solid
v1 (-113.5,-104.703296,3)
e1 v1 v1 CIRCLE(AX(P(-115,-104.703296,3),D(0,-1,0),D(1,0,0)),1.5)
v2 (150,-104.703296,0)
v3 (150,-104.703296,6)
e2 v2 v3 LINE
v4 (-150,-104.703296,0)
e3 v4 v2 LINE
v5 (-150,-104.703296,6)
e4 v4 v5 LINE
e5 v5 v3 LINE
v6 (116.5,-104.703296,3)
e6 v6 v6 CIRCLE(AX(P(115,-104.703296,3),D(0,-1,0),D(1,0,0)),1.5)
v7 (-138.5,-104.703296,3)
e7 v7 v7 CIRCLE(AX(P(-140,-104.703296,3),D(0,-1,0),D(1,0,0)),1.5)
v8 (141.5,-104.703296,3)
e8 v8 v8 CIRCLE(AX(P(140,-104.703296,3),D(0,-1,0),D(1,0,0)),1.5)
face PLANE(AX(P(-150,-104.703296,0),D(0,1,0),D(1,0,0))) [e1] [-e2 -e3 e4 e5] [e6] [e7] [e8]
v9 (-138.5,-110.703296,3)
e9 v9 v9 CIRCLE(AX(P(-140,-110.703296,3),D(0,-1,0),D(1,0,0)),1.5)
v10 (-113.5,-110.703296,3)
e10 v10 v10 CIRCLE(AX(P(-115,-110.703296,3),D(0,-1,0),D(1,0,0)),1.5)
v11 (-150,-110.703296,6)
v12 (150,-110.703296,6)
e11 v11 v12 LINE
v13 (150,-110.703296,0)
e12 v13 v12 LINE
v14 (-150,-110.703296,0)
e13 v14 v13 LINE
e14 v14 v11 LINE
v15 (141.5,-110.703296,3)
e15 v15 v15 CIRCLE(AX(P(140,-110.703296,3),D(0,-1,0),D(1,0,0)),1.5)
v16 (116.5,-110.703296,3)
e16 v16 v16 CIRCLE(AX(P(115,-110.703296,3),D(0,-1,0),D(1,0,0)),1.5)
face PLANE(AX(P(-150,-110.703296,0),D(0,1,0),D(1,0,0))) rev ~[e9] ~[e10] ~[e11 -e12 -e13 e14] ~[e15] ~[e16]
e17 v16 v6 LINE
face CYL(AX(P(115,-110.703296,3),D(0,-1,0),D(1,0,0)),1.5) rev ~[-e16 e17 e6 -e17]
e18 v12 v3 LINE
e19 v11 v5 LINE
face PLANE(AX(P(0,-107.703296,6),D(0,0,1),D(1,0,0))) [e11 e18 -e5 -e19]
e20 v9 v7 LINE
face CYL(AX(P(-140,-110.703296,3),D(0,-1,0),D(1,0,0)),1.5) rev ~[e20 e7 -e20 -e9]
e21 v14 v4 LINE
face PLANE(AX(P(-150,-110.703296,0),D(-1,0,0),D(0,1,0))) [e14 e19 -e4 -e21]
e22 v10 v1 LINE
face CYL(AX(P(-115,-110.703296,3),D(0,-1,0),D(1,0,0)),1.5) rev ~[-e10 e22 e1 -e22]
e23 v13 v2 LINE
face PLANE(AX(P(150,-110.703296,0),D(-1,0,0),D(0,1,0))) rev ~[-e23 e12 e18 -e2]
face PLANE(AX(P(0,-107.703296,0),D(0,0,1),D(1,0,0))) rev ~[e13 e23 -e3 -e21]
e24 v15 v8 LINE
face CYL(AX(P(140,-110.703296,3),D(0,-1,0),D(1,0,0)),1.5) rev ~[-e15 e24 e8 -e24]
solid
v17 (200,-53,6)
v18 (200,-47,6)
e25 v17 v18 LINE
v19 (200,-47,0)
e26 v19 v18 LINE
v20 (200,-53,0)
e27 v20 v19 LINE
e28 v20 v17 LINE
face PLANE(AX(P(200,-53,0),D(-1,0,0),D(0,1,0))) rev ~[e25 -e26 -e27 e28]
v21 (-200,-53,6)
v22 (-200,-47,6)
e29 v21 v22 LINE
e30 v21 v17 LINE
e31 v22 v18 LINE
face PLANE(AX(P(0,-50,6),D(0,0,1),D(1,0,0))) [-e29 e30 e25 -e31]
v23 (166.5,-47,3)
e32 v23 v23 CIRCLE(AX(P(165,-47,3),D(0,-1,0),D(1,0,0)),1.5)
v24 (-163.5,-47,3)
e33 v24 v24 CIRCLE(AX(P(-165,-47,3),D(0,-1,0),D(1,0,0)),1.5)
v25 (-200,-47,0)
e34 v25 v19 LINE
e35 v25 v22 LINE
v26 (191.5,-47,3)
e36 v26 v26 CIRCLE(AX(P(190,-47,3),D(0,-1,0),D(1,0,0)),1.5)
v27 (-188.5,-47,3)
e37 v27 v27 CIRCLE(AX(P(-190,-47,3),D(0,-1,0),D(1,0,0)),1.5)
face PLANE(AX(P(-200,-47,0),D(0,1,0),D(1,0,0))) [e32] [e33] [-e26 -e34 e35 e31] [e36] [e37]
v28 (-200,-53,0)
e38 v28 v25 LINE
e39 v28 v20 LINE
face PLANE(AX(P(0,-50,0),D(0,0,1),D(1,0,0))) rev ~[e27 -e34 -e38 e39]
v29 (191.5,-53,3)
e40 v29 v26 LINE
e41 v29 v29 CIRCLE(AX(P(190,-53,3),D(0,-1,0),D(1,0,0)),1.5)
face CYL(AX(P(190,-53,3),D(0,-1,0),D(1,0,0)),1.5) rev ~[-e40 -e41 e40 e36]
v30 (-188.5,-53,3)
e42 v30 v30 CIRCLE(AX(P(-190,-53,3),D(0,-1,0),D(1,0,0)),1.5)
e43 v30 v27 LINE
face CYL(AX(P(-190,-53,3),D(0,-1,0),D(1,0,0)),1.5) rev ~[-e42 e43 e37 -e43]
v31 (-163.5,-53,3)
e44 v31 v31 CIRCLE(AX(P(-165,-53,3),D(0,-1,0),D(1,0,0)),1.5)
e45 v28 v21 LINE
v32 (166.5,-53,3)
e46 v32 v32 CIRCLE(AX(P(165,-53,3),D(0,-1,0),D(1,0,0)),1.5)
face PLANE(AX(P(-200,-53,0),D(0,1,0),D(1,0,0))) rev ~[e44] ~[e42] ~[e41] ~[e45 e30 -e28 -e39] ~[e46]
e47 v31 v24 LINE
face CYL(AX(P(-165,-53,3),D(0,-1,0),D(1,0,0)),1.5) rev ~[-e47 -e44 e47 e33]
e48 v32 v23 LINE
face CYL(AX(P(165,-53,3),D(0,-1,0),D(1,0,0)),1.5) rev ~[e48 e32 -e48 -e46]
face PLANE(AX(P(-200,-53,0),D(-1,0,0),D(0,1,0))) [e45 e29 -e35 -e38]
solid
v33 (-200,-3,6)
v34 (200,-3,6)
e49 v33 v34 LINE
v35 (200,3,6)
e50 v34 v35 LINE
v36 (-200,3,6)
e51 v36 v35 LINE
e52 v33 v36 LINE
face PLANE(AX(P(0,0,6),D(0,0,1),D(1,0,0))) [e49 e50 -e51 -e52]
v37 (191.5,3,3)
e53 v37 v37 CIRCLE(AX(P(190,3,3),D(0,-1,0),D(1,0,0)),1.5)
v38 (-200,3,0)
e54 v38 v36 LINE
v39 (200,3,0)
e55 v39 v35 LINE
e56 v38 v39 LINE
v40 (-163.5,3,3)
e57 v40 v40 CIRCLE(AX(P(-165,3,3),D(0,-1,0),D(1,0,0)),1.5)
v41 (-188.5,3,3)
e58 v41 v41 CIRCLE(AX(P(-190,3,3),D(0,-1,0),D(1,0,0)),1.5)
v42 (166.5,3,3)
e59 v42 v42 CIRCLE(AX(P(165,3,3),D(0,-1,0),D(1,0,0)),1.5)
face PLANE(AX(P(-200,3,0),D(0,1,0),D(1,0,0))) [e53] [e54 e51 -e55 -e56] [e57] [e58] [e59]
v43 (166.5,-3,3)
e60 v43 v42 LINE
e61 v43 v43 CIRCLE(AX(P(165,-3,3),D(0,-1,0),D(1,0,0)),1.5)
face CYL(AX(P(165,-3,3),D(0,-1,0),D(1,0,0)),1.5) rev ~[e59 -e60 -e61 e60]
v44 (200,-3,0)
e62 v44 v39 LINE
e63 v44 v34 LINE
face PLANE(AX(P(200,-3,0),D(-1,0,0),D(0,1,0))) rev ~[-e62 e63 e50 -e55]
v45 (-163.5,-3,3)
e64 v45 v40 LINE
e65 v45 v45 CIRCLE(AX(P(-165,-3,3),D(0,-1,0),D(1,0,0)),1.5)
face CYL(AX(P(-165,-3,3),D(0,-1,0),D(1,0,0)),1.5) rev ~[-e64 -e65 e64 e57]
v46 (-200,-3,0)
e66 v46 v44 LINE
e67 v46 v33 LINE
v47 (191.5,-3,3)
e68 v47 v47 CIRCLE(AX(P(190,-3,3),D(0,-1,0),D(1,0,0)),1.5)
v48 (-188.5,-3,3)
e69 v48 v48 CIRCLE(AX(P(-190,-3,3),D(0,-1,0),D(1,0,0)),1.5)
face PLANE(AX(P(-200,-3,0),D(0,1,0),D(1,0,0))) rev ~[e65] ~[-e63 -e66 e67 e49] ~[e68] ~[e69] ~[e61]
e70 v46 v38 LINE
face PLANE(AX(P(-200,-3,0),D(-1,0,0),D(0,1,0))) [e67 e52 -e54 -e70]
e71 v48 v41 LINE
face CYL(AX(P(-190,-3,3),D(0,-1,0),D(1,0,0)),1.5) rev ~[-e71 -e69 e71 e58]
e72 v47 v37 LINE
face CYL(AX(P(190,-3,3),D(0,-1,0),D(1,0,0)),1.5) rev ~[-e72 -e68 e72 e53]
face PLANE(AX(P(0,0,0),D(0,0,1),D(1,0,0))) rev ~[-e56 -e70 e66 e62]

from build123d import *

# Parameters (mm, degrees)
F0_W      = 400
F0_H      = 6
F1_DEPTH  = 6
F2_W      = 400
F2_H      = 6
F3_DEPTH  = 6
F4_R      = 1.5
F5_DEPTH  = 6.001
F6_R      = 1.5
F7_DEPTH  = 56.001
F0_W_2    = 300
F8_DEPTH  = 6
F9_R      = 1.5
F10_DEPTH = 113.7042961427


with BuildPart() as f1:
    # F0 (on Top) → F1 (new body)
    with BuildSketch(Plane.XY):
        Rectangle(F0_W, F0_H)
    extrude(amount=F1_DEPTH)

    # F4 (on face) → F5 (cut, through all)
    with BuildSketch(Plane.XZ.offset(3)):
        with Locations((190, 3)):
            Circle(F4_R)
        with Locations((165, 3)):
            Circle(F4_R)
        with Locations((-190, 3)):
            Circle(F4_R)
        with Locations((-165, 3)):
            Circle(F4_R)
    extrude(amount=-F5_DEPTH, mode=Mode.SUBTRACT)


with BuildPart() as f3:
    # F2 (on Top) → F3 (new body)
    with BuildSketch(Plane.XY):
        with Locations((0, -50)):
            Rectangle(F2_W, F2_H)
    extrude(amount=F3_DEPTH)

    # F6 (on face) → F7 (cut, through all)
    with BuildSketch(Plane.XZ.offset(53)):
        with Locations((190, 3)):
            Circle(F6_R)
        with Locations((165, 3)):
            Circle(F6_R)
        with Locations((-190, 3)):
            Circle(F6_R)
        with Locations((-165, 3)):
            Circle(F6_R)
    extrude(amount=-F7_DEPTH, mode=Mode.SUBTRACT)


with BuildPart() as f8:
    # F0 (on Top) → F8 (new body)
    with BuildSketch(Plane.XY):
        with Locations((0, -107.7032961427)):
            Rectangle(F0_W_2, F0_H)
    extrude(amount=F8_DEPTH)

    # F9 (on face) → F10 (cut, through all)
    with BuildSketch(Plane.XZ.offset(110.7032961427)):
        with Locations((140, 3)):
            Circle(F9_R)
        with Locations((115, 3)):
            Circle(F9_R)
        with Locations((-115, 3)):
            Circle(F9_R)
        with Locations((-140, 3)):
            Circle(F9_R)
    extrude(amount=-F10_DEPTH, mode=Mode.SUBTRACT)


solid = Compound([f1.part, f3.part, f8.part])
